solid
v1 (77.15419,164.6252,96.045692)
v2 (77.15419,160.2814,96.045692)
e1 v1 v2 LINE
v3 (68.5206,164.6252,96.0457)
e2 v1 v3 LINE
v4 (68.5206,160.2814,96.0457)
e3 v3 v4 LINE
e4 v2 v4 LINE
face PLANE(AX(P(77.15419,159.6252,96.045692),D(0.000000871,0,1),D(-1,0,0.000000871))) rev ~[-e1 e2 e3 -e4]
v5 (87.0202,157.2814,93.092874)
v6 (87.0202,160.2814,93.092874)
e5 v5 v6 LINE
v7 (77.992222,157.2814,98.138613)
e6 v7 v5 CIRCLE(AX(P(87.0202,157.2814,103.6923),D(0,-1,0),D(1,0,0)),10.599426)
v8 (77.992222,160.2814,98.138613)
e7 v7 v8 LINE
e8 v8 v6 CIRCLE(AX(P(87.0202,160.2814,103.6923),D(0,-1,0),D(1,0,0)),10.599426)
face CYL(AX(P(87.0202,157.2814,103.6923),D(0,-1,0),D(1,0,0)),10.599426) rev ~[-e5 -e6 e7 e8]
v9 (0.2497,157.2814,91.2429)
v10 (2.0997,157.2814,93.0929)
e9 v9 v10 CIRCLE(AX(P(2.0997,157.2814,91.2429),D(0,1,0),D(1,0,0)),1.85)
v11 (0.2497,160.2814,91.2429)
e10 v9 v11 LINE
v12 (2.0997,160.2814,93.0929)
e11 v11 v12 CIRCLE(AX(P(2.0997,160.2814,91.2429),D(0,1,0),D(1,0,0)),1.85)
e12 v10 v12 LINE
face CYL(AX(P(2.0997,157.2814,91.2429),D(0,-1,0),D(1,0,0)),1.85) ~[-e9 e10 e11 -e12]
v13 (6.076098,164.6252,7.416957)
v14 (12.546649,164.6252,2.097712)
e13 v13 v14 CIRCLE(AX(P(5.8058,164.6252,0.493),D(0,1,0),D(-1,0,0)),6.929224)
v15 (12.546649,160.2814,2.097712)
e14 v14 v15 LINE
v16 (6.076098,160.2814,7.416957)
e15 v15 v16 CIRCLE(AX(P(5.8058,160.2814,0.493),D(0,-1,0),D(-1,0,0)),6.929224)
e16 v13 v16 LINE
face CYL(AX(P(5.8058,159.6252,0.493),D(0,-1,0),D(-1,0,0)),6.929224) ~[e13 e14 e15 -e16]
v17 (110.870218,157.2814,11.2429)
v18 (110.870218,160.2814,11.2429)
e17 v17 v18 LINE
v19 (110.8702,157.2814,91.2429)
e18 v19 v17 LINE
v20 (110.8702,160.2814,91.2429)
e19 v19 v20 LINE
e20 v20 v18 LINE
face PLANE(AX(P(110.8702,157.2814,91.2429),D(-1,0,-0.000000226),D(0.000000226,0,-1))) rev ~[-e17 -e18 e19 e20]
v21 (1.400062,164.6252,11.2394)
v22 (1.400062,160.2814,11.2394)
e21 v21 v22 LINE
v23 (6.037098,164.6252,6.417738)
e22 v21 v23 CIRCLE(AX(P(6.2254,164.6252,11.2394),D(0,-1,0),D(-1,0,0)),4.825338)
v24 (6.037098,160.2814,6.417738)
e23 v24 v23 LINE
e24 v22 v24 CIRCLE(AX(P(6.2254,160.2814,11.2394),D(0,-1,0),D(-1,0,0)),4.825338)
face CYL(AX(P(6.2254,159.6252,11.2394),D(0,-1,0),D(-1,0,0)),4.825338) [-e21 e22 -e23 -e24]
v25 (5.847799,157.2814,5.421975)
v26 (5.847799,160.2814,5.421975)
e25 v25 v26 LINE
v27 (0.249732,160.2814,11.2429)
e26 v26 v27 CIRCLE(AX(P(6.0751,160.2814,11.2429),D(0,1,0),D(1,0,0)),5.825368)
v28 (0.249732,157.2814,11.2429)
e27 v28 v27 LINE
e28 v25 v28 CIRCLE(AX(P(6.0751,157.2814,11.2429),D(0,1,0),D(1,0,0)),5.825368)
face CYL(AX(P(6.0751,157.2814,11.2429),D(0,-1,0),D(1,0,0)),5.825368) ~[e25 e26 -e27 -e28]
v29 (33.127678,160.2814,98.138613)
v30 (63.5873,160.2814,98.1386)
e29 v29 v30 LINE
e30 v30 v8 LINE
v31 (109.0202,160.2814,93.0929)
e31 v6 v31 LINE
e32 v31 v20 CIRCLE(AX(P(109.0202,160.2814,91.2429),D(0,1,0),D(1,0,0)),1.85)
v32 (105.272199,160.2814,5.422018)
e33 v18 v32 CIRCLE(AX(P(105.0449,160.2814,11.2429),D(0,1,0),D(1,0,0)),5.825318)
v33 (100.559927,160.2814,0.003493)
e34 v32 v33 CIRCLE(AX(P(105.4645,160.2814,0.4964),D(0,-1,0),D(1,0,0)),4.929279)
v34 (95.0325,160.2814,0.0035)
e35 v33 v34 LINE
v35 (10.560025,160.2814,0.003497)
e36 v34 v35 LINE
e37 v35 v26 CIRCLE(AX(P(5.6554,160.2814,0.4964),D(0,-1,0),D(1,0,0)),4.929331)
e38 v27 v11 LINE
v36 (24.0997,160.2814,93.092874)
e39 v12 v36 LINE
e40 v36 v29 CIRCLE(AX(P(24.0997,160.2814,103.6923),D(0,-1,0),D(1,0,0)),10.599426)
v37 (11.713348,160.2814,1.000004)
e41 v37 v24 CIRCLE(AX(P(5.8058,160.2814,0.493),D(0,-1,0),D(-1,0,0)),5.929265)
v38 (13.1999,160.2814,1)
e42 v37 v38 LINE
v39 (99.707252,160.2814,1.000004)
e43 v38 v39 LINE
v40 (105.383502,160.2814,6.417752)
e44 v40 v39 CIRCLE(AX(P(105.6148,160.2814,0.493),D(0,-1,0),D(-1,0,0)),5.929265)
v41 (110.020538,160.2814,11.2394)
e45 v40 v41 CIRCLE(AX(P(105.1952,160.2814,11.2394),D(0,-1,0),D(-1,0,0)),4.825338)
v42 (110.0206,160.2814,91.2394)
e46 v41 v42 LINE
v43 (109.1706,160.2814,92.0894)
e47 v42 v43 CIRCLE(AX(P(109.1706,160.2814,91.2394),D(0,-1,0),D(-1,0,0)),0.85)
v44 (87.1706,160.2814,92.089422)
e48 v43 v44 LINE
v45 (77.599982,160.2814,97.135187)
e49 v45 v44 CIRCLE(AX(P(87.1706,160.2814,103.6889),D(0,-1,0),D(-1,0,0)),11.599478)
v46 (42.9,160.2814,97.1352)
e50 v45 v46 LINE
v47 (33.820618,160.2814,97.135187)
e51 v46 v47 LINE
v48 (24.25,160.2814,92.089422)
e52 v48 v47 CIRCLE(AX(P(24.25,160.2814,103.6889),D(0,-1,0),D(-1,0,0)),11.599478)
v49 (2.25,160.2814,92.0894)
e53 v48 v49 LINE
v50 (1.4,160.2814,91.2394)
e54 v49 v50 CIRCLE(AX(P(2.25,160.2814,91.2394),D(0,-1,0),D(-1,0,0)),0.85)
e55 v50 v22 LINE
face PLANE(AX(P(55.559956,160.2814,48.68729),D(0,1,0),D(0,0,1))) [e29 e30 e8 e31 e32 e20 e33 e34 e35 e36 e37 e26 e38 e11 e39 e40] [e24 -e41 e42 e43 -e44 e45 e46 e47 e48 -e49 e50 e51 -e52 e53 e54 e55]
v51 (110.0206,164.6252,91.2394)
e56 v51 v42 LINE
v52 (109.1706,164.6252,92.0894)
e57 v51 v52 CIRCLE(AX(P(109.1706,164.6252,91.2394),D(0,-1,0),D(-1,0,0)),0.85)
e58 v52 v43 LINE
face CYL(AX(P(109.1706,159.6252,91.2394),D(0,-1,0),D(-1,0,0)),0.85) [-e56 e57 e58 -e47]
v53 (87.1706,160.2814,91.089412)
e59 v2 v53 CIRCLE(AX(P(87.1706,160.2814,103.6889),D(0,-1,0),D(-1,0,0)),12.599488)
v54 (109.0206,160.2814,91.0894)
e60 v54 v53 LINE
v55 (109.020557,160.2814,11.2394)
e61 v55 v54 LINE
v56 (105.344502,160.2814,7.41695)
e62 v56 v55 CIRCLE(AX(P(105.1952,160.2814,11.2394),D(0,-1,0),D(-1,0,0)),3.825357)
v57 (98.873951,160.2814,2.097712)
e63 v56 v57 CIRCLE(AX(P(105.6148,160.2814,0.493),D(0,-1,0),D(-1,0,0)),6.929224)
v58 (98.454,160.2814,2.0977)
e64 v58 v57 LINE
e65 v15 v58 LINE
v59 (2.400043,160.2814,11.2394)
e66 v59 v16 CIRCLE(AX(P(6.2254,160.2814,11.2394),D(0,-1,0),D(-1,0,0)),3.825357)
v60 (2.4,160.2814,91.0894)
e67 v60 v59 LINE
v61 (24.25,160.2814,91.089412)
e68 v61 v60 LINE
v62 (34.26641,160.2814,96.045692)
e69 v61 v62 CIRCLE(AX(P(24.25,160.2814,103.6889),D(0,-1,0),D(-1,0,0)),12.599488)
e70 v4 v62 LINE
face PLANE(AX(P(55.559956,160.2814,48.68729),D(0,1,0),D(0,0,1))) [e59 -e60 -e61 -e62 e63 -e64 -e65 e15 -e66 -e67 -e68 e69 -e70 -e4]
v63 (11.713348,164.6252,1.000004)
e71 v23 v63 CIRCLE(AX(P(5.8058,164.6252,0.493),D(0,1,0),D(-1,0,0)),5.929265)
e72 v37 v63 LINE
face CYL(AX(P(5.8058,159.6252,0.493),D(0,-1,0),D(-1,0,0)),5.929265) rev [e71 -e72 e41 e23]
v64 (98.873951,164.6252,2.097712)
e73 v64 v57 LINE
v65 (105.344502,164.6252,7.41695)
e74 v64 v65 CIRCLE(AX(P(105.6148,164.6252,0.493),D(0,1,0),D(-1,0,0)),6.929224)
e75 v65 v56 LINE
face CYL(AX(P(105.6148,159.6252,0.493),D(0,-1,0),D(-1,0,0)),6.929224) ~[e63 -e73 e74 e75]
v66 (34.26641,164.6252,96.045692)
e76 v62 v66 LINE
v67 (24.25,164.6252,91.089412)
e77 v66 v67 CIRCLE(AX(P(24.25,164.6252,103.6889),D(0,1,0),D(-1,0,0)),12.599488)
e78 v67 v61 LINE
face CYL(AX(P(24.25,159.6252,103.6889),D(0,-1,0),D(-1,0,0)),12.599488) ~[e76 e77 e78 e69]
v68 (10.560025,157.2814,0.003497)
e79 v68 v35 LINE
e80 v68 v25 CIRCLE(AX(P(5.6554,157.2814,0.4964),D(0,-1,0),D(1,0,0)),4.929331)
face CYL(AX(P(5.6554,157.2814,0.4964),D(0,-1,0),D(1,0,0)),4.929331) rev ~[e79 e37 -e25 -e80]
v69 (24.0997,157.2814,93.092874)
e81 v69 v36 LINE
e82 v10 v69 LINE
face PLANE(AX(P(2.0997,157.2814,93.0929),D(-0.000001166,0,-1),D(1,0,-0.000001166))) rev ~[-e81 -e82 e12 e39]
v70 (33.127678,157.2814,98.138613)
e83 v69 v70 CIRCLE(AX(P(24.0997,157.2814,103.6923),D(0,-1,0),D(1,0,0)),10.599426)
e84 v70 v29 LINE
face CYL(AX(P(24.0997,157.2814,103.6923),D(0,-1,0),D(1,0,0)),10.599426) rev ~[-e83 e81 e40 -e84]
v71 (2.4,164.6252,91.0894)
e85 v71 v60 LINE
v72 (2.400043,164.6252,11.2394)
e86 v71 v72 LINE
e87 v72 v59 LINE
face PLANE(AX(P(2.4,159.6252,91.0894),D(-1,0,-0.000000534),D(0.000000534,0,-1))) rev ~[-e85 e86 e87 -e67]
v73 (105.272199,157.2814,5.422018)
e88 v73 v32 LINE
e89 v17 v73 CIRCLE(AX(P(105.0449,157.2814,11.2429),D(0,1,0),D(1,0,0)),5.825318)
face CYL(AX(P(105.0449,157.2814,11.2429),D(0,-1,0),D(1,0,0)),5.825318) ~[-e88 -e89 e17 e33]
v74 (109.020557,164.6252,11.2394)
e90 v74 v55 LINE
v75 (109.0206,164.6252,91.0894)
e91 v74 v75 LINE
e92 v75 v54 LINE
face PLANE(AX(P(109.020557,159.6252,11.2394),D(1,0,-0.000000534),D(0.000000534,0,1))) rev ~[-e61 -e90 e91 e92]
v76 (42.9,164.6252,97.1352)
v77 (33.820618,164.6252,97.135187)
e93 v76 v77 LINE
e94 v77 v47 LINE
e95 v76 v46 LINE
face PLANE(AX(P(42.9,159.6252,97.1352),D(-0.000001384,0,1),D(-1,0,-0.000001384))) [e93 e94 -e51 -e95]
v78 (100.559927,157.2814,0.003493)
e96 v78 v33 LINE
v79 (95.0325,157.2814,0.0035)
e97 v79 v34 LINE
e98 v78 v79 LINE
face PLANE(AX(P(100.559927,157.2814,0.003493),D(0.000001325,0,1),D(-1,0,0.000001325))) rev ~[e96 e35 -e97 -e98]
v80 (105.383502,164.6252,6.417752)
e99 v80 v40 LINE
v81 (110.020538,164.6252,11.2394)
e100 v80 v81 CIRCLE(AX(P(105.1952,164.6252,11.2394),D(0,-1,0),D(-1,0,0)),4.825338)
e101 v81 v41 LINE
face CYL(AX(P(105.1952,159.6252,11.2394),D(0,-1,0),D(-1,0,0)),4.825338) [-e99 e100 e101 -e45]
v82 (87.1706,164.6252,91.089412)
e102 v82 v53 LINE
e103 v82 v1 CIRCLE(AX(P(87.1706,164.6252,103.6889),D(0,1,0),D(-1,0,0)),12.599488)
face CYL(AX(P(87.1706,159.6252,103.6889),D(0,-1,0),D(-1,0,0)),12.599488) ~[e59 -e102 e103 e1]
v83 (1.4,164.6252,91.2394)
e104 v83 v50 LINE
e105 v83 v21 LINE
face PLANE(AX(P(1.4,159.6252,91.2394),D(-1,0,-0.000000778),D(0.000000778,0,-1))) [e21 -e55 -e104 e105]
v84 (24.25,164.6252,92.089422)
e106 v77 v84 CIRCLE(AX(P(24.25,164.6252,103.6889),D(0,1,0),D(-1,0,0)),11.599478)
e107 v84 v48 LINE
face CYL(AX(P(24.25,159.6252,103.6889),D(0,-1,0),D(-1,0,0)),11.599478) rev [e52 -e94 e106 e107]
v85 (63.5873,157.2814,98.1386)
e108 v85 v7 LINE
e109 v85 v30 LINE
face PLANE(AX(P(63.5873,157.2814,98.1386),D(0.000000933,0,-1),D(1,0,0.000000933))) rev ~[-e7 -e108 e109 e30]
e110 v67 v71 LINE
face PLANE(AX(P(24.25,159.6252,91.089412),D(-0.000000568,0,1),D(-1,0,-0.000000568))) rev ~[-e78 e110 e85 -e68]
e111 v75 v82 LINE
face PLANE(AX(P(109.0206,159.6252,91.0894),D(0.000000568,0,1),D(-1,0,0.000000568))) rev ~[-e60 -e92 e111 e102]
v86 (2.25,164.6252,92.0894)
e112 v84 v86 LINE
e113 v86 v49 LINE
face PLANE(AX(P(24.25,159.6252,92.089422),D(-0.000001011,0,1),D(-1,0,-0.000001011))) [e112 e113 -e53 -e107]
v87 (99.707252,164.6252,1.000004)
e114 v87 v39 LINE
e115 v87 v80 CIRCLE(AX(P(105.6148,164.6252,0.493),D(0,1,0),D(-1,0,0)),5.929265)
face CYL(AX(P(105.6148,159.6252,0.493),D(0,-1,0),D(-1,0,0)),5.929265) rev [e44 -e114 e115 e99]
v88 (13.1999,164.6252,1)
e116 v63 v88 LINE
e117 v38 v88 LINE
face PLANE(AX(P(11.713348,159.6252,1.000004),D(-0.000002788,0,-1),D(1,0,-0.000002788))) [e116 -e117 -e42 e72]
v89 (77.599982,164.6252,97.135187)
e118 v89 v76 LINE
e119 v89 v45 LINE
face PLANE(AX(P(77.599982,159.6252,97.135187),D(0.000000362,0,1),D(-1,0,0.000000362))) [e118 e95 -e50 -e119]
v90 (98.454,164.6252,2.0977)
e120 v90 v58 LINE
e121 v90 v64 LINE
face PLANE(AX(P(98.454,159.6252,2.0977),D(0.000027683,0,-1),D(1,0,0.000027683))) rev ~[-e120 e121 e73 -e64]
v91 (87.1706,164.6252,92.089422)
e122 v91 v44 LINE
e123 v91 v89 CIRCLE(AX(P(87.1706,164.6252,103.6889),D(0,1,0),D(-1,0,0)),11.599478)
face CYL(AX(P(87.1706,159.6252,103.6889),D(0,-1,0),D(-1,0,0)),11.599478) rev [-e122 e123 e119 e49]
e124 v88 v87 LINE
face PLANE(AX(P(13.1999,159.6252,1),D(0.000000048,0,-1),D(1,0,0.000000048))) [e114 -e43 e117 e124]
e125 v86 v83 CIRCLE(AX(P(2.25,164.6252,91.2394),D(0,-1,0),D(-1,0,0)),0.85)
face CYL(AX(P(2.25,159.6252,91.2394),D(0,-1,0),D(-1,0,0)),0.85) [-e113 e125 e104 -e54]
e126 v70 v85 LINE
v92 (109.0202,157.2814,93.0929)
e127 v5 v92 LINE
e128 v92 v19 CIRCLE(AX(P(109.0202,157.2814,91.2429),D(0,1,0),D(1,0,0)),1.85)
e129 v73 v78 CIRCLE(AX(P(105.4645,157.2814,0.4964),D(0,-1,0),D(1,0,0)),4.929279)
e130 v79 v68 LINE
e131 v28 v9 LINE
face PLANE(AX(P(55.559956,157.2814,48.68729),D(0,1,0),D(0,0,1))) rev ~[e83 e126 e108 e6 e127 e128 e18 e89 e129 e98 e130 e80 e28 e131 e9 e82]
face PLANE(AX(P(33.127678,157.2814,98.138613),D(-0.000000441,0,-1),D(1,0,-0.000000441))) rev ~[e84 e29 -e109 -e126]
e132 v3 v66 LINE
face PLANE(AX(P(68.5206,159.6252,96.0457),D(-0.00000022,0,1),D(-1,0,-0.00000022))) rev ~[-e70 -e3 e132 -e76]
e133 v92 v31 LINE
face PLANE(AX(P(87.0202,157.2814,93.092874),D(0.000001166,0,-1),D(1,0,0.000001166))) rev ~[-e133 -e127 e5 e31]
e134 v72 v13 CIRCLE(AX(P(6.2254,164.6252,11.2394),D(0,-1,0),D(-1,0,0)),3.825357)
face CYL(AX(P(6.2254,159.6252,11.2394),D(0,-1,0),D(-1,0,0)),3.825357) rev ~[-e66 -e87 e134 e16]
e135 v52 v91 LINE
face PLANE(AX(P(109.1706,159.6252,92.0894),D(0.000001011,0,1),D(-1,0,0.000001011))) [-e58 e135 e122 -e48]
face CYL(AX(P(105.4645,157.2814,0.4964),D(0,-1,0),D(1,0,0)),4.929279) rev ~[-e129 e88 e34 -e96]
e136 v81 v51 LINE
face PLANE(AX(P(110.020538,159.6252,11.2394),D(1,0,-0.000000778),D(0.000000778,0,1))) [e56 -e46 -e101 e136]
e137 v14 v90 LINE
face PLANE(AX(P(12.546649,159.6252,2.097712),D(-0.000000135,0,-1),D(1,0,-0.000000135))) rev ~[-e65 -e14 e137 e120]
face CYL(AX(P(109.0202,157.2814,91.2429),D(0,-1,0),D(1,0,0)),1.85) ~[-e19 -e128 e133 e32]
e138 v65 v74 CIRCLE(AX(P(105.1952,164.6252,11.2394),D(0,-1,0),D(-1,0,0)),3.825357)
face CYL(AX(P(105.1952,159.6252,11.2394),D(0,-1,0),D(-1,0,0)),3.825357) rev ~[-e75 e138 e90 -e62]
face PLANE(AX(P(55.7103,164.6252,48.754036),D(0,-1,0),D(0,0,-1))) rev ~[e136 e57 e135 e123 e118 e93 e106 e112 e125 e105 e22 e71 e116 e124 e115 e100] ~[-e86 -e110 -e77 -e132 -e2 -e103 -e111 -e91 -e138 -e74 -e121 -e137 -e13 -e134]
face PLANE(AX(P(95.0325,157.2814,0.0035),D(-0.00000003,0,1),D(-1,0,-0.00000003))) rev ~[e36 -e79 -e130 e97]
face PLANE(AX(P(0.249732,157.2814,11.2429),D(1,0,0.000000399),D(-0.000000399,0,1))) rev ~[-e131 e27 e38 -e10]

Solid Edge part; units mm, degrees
sketch "Sketch1" plane through (50.7103, 159.6252, 41.0676) normal (0, 1, 0) x (-1, 0, 0)
  line L0 (37.5104, -40.0676) -> (-48.997, -40.0676)
  arc A0 (-48.997, -40.0676) -> (-54.6732, -34.6498) centre (-54.9045, -40.5746) ccw
  arc A1 (-54.6732, -34.6498) -> (-59.3103, -29.8282) centre (-54.4849, -29.8282) cw
  line L1 (-59.3103, -29.8282) -> (-59.3103, 50.1718)
  arc A2 (-59.3103, 50.1718) -> (-58.4603, 51.0218) centre (-58.4603, 50.1718) cw
  line L2 (-58.4603, 51.0218) -> (-36.4603, 51.0218)
  arc A3 (-36.4603, 51.0218) -> (-26.8897, 56.0676) centre (-36.4603, 62.6213) ccw
  line L3 (-26.8897, 56.0676) -> (7.8103, 56.0676)
  line L4 (7.8103, 56.0676) -> (16.8897, 56.0676)
  arc A4 (16.8897, 56.0676) -> (26.4603, 51.0218) centre (26.4603, 62.6213) ccw
  line L5 (26.4603, 51.0218) -> (48.4603, 51.0218)
  arc A5 (48.4603, 51.0218) -> (49.3103, 50.1718) centre (48.4603, 50.1718) cw
  line L6 (49.3103, 50.1718) -> (49.3103, -29.8282)
  arc A6 (49.3103, -29.8282) -> (44.6732, -34.6498) centre (44.4849, -29.8282) cw
  arc A7 (44.6732, -34.6498) -> (38.997, -40.0676) centre (44.9045, -40.5746) ccw
  line L7 (38.997, -40.0676) -> (37.5104, -40.0676)
  line L8 (-47.7437, -38.9699) -> (-48.1637, -38.9699)
  arc A8 (-48.1637, -38.9699) -> (-54.6342, -33.6506) centre (-54.9045, -40.5746) ccw
  arc A9 (-54.6342, -33.6506) -> (-58.3103, -29.8282) centre (-54.4849, -29.8282) cw
  line L9 (-58.3103, -29.8282) -> (-58.3103, 50.0218)
  line L10 (-58.3103, 50.0218) -> (-36.4603, 50.0218)
  arc A10 (-36.4603, 50.0218) -> (-26.4439, 54.9781) centre (-36.4603, 62.6213) ccw
  line L11 (-26.4439, 54.9781) -> (-17.8103, 54.9781)
  line L12 (-17.8103, 54.9781) -> (16.4439, 54.9781)
  arc A11 (16.4439, 54.9781) -> (26.4603, 50.0218) centre (26.4603, 62.6213) ccw
  line L13 (26.4603, 50.0218) -> (48.3103, 50.0218)
  line L14 (48.3103, 50.0218) -> (48.3103, -29.8282)
  arc A12 (48.3103, -29.8282) -> (44.6342, -33.6506) centre (44.4849, -29.8282) cw
  arc A13 (44.6342, -33.6506) -> (38.1637, -38.9699) centre (44.9045, -40.5746) ccw
  line L15 (38.1637, -38.9699) -> (-47.7437, -38.9699)
extrude "Ajout_matière_1" add sketch "Sketch1" along normal blind 5 and the other way blind 2.3438
sketch "Sketch2" plane through (55.7103, 157.2814, 49.0676) normal (0, -1, 0) x (1, 0, 0)
  line L0 (-22.5826, 49.071) -> (7.877, 49.071)
  line L1 (7.877, 49.071) -> (22.2819, 49.071)
  arc A0 (22.2819, 49.071) -> (31.3099, 44.0253) centre (31.3099, 54.6247) ccw
  line L2 (31.3099, 44.0253) -> (53.3099, 44.0253)
  arc A1 (53.3099, 44.0253) -> (55.1599, 42.1753) centre (53.3099, 42.1753) cw
  line L3 (55.1599, 42.1753) -> (55.1599, -37.8247)
  arc A2 (55.1599, -37.8247) -> (49.5619, -43.6456) centre (49.3346, -37.8247) cw
  arc A3 (49.5619, -43.6456) -> (44.8497, -49.0641) centre (49.7542, -48.5712) ccw
  line L4 (44.8497, -49.0641) -> (39.3222, -49.0641)
  line L5 (39.3222, -49.0641) -> (-45.1503, -49.0641)
  arc A4 (-45.1503, -49.0641) -> (-49.8625, -43.6456) centre (-50.0549, -48.5712) ccw
  arc A5 (-49.8625, -43.6456) -> (-55.4606, -37.8247) centre (-49.6352, -37.8247) cw
  line L6 (-55.4606, -37.8247) -> (-55.4606, 42.1753)
  arc A6 (-55.4606, 42.1753) -> (-53.6106, 44.0253) centre (-53.6106, 42.1753) cw
  line L7 (-53.6106, 44.0253) -> (-31.6106, 44.0253)
  arc A7 (-31.6106, 44.0253) -> (-22.5826, 49.071) centre (-31.6106, 54.6247) ccw
extrude "Ajout_matière_3" add sketch "Sketch2" against normal blind 3
properties material "Plastique ABS, performance moyenne"
